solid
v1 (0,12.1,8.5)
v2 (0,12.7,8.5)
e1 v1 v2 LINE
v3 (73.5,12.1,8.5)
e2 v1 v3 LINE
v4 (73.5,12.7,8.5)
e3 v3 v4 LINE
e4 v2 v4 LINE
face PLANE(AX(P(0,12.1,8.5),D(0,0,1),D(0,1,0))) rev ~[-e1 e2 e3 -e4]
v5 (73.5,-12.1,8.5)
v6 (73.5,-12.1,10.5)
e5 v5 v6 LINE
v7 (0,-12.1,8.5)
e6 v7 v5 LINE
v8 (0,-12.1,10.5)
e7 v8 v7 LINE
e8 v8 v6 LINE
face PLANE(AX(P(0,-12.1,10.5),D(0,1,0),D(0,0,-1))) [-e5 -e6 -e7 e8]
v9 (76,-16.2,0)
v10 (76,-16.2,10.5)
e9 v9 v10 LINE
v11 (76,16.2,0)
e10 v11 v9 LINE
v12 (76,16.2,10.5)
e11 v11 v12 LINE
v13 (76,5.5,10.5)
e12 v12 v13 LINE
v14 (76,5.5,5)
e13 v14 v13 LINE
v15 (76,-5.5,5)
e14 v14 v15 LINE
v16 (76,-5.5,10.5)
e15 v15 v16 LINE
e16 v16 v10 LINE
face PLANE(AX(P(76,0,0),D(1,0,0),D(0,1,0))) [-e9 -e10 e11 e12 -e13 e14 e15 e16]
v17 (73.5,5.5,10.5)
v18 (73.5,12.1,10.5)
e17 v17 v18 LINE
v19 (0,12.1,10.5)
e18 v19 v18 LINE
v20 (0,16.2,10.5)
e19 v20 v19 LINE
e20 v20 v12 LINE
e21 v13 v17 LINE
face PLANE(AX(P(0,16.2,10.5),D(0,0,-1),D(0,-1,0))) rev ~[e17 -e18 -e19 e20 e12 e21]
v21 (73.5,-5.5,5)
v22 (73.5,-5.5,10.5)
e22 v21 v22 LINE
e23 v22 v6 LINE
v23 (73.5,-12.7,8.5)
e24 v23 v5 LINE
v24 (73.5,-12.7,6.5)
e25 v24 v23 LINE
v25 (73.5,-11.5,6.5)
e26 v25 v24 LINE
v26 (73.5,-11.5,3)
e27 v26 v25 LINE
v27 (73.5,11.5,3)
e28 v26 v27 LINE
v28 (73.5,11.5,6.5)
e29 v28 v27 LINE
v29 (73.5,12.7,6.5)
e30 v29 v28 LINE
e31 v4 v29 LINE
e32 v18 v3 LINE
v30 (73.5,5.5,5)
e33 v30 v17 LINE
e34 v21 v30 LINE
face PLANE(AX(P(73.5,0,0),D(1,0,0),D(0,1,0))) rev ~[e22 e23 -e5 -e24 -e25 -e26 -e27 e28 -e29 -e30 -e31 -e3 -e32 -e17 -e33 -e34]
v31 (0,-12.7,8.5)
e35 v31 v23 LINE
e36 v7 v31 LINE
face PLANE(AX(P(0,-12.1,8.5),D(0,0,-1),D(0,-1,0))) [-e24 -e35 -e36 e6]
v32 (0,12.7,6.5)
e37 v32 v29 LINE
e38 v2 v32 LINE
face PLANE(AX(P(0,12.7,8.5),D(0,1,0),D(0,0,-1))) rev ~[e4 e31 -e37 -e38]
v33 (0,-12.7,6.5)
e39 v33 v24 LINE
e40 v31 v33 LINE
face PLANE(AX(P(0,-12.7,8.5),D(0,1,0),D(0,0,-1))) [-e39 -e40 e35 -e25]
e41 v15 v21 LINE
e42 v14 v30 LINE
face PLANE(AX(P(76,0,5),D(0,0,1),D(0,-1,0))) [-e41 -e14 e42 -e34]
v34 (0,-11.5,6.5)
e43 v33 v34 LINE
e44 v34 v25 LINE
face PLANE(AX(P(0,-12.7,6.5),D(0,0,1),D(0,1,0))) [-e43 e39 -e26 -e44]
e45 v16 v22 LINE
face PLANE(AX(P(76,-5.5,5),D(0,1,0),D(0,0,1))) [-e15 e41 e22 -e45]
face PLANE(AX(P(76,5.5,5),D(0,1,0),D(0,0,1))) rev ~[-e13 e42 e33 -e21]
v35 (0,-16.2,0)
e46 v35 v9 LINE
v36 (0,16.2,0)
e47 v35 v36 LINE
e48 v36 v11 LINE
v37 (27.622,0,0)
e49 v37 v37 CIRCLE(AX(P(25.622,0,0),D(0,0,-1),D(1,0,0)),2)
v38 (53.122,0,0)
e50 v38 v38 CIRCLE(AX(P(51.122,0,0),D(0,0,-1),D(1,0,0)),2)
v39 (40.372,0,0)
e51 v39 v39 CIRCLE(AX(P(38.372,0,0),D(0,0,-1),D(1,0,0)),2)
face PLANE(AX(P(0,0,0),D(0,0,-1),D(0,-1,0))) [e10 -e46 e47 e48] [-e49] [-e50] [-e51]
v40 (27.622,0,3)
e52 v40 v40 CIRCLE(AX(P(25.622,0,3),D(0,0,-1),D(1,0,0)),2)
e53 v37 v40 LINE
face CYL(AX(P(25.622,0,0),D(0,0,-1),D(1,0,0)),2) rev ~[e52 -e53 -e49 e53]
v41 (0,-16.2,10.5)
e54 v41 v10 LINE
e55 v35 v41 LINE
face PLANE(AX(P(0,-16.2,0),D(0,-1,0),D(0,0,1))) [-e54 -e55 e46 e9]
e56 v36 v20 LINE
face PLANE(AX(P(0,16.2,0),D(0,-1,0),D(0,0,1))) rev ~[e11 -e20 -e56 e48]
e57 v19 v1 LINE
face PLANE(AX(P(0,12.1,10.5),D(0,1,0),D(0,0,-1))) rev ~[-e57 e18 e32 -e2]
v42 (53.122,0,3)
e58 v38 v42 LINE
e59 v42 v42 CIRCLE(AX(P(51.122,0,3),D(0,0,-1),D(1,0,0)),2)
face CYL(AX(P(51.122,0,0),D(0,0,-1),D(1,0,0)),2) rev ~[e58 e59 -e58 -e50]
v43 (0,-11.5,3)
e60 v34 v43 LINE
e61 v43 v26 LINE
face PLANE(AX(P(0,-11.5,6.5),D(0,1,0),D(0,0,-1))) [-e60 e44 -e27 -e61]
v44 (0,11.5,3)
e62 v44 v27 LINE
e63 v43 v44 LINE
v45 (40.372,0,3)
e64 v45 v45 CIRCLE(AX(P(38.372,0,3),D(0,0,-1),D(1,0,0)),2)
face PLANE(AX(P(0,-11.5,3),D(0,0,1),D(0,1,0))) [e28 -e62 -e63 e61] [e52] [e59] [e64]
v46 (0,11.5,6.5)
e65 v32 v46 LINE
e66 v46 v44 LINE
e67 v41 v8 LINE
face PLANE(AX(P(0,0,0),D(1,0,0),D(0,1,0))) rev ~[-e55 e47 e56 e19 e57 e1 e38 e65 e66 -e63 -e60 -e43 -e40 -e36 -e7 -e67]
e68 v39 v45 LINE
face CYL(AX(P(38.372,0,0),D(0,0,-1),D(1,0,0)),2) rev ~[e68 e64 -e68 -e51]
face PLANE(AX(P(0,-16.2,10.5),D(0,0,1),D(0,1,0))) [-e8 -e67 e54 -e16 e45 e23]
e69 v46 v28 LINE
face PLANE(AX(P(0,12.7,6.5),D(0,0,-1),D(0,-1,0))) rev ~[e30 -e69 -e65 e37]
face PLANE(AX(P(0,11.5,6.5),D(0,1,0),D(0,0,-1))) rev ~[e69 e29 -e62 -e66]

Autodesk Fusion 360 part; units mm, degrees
sketch "Main Body" plane through (0, 0, 0) normal (1, 0, 0) x (0, 1, 0)
  line L0 (0, 0) -> (16.2, 0)
  line L1 (16.2, 0) -> (16.2, 10.5)
  line L2 (16.2, 10.5) -> (12.1, 10.5)
  line L3 (12.1, 10.5) -> (12.1, 8.5)
  line L4 (12.1, 8.5) -> (12.7, 8.5)
  line L5 (12.7, 8.5) -> (12.7, 6.5)
  line L6 (12.7, 6.5) -> (11.5, 6.5)
  line L7 (11.5, 6.5) -> (11.5, 3)
  line L8 (11.5, 3) -> (0, 3)
  line L9 (0, 35) -> (0, -40) construction
  line L10 (-12.1, 10.5) -> (-12.1, 8.5)
  line L11 (-11.5, 6.5) -> (-11.5, 3)
  line L12 (-12.1, 8.5) -> (-12.7, 8.5)
  line L13 (-12.7, 6.5) -> (-11.5, 6.5)
  line L14 (-12.7, 8.5) -> (-12.7, 6.5)
  line L15 (-16.2, 10.5) -> (-12.1, 10.5)
  line L16 (-16.2, 0) -> (-16.2, 10.5)
  line L17 (0, 0) -> (-16.2, 0)
  line L18 (-11.5, 3) -> (0, 3)
  dimension "d1" = 16.2
  dimension "d4" = 4.1
  dimension "d5" = 0.6
  dimension "d6" = 2
  dimension "d9" = 4.7
  dimension "d10" = 6.5
  dimension "d11" = 2
  dimension "d16" = 3
extrude "Extrude1" add sketch "Main Body" along normal blind 76
sketch "USB Endstop" plane through (76, 0, 0) normal (1, 0, 0) x (0, 1, 0)
  line L0 (-16.2, 0) -> (16.2, 0)
  line L1 (16.2, 0) -> (16.2, 10.5)
  line L2 (16.2, 10.5) -> (12.1, 10.5)
  line L3 (12.1, 10.5) -> (12.1, 8.5)
  line L4 (12.1, 8.5) -> (12.7, 8.5)
  line L5 (12.7, 8.5) -> (12.7, 6.5)
  line L6 (12.7, 6.5) -> (11.5, 6.5)
  line L7 (11.5, 6.5) -> (11.5, 3)
  line L8 (11.5, 3) -> (-11.5, 3)
  line L9 (-11.5, 3) -> (-11.5, 6.5)
  line L10 (-11.5, 6.5) -> (-12.7, 6.5)
  line L11 (-12.7, 6.5) -> (-12.7, 8.5)
  line L12 (-12.7, 8.5) -> (-12.1, 8.5)
  line L13 (-12.1, 8.5) -> (-12.1, 10.5)
  line L14 (-12.1, 10.5) -> (-16.2, 10.5)
  line L15 (-16.2, 10.5) -> (-16.2, 0)
  line L16 (0, 5) -> (5.5, 5)
  line L17 (5.5, 5) -> (5.5, 10.5)
  line L18 (5.5, 10.5) -> (12.1, 10.5)
  line L19 (0, 12) -> (0, -4) construction
  line L20 (-5.5, 5) -> (-5.5, 10.5)
  line L21 (-5.5, 10.5) -> (-12.1, 10.5)
  line L22 (0, 5) -> (-5.5, 5)
  dimension "d14" = 5.5
  dimension "d15" = 5
extrude "Extrude2" add sketch "USB Endstop" against normal blind 2.5 contours L3 L4 L5 L6 L7 L8 L9 L10 L11 L12 L13 L16 L17 L18 L20 L21 L22
sketch "DIN Holes" plane through (0, 0, 0) normal (0, 0, -1) x (1, 0, 0)
  line L0 (0, 16.2) -> (0, -16.2)
  line L1 (0, -16.2) -> (76, -16.2)
  line L2 (76, -16.2) -> (76, 16.2)
  line L3 (76, 16.2) -> (0, 16.2)
  line L4 (0, 16) -> (76, -16.2) construction
  line L5 (76.7439, 16.2) -> (0, -16.2) construction
  circle A0 centre (38.372, 0) radius 2
  circle A1 centre (25.622, 0) radius 2
  circle A2 centre (51.122, 0) radius 2
  dimension "d20" = 4
  dimension "d23" = 12.75
  dimension "d24" = 0
extrude "Extrude3" cut sketch "DIN Holes" against normal up to surface (3 mm away) contours A0 | A1 | A2
